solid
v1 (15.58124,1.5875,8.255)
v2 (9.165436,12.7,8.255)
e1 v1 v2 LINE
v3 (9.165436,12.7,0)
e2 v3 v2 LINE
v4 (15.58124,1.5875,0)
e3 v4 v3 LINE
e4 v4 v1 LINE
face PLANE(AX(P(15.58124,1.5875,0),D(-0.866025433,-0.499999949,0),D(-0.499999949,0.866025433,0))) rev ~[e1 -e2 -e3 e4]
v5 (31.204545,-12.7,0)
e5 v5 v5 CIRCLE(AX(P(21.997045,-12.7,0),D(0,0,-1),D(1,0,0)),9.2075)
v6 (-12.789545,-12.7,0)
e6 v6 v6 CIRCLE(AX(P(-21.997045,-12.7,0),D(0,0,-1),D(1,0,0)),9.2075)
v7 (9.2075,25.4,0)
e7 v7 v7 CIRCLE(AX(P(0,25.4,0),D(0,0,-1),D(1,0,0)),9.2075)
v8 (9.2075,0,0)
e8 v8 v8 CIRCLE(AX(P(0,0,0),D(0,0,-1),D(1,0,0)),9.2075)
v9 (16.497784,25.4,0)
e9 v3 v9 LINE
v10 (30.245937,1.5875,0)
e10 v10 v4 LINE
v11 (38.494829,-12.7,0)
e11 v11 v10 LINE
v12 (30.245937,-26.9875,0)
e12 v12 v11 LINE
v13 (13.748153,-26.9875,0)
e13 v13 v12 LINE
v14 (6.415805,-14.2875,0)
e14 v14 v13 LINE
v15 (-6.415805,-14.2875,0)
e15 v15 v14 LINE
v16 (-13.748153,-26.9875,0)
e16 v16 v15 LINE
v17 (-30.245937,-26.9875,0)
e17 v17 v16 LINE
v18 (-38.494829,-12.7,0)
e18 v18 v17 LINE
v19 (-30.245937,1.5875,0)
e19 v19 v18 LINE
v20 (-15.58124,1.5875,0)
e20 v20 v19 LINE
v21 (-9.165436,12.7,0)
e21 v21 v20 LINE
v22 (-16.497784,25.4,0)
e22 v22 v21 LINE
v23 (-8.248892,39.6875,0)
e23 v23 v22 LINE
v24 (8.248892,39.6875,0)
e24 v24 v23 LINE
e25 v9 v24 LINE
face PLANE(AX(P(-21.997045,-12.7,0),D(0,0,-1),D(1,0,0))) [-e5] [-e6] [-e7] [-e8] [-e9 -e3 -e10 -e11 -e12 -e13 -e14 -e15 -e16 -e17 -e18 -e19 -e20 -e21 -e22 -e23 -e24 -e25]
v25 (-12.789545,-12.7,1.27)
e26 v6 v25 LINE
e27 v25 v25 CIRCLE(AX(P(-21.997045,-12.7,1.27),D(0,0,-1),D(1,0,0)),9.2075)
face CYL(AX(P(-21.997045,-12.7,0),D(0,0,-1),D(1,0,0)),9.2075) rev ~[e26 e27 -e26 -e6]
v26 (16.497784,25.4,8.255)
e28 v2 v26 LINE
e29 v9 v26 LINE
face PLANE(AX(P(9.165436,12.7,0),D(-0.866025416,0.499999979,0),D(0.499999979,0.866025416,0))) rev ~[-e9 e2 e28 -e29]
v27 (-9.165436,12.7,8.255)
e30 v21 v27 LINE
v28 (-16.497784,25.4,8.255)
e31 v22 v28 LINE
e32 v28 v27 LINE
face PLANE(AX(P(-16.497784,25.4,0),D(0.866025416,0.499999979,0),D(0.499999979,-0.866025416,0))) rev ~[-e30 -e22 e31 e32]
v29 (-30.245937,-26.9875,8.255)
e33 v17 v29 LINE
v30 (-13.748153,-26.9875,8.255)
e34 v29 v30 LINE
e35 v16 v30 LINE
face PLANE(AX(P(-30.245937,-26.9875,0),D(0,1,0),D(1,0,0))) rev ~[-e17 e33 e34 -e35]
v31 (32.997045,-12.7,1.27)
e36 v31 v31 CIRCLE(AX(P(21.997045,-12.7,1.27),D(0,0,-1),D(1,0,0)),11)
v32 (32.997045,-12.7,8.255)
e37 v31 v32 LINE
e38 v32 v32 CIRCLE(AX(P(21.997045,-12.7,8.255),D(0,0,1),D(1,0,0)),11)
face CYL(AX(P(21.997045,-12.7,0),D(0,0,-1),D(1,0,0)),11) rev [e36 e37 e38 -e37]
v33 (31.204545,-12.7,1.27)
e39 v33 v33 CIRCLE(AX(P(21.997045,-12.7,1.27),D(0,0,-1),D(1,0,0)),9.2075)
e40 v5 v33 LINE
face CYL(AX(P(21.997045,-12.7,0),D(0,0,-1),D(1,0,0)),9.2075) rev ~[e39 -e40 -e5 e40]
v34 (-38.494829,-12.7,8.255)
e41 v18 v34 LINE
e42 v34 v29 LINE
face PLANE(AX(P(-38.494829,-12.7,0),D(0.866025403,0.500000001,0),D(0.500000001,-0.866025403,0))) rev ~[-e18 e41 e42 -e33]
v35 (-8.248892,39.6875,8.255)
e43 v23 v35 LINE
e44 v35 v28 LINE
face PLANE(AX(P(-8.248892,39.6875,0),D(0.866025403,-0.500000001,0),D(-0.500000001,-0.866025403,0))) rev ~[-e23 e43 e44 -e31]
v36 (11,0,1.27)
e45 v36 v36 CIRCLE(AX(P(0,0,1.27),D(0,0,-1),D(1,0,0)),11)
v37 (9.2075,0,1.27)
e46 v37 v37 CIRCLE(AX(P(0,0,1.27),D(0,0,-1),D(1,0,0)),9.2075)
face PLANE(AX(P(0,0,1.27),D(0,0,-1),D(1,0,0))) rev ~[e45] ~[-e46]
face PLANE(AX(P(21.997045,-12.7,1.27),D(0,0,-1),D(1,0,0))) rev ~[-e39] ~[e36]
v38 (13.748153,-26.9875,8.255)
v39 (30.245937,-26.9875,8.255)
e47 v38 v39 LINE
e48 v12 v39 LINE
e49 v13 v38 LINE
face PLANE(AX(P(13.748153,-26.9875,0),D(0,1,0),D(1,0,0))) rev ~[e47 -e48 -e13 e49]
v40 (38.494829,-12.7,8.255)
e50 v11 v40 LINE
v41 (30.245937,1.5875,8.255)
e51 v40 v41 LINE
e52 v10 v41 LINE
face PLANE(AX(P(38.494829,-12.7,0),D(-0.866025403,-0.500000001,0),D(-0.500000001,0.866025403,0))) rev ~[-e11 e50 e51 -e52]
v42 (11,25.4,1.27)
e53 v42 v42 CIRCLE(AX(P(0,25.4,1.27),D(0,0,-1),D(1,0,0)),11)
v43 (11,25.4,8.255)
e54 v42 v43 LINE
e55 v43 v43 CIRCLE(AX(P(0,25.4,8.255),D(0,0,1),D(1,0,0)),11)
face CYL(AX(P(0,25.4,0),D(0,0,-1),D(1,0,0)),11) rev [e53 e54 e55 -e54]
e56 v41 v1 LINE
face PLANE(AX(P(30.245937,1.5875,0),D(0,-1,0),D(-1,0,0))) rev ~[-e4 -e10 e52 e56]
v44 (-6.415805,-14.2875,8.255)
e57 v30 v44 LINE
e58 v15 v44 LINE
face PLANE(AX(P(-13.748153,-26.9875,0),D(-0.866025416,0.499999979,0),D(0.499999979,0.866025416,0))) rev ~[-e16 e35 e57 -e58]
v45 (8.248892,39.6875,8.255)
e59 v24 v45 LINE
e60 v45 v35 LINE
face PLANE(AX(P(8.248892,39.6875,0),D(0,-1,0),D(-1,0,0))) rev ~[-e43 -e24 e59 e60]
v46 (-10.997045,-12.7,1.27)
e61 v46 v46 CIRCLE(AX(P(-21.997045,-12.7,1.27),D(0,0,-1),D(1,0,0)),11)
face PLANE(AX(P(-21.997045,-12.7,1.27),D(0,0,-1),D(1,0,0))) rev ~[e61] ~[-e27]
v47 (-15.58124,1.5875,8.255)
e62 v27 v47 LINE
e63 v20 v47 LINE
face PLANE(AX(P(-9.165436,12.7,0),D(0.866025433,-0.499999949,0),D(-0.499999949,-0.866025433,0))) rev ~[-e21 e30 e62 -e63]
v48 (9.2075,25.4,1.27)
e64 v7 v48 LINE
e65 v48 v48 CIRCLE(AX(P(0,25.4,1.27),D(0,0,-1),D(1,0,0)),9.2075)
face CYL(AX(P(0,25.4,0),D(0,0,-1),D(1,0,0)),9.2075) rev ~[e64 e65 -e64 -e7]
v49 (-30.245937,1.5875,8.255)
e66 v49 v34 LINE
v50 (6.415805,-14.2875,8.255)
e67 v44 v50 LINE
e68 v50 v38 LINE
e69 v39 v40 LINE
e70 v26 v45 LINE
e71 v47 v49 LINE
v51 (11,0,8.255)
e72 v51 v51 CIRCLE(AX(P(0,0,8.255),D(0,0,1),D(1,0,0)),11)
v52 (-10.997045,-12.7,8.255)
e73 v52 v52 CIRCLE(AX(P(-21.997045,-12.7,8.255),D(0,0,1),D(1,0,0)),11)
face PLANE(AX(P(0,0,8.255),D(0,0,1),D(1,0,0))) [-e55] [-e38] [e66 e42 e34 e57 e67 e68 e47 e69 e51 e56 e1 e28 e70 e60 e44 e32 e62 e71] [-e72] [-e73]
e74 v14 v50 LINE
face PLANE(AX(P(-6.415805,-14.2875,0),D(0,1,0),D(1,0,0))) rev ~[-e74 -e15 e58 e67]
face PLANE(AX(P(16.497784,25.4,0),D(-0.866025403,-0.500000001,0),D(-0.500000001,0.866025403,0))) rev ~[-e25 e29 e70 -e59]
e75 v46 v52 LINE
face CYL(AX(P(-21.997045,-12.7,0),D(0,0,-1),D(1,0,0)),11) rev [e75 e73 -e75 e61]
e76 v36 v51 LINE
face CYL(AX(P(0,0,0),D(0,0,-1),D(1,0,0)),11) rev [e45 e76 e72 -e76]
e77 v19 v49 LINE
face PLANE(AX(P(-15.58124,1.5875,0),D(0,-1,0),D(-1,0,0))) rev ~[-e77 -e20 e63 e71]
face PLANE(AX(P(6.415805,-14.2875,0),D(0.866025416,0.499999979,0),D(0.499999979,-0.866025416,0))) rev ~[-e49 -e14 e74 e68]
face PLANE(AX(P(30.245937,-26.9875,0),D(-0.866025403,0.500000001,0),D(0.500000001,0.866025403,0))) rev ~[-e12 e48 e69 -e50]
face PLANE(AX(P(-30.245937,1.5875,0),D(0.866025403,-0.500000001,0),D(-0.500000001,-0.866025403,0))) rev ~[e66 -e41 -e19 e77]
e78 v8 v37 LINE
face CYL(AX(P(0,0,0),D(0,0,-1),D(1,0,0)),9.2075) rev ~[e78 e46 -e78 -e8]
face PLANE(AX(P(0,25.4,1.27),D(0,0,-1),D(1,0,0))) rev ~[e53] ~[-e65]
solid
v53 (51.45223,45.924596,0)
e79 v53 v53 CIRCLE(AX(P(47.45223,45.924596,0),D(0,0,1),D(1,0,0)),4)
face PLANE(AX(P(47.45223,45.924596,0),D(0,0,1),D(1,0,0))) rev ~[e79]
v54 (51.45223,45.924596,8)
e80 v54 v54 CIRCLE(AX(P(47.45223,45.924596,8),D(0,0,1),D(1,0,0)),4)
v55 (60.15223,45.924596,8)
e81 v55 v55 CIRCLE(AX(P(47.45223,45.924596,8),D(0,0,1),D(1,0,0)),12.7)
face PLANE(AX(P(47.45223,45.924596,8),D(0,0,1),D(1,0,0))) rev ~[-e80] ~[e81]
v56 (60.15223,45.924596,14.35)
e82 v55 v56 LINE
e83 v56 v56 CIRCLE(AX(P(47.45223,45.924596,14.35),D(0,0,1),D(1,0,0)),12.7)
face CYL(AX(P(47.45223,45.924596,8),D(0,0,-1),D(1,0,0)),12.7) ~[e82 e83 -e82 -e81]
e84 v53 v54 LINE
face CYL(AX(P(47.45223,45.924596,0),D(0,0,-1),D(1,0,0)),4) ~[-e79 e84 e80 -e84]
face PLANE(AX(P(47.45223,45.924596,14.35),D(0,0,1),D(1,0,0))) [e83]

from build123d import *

# Parameters (mm, degrees)
F0_R     = 11
F1_DEPTH = 8.255
F2_R     = 4
F3_DEPTH = 8
F4_R     = 12.7
F5_DEPTH = 6.35
F6_R     = 11
F6_R_2   = 9.2075
F7_DEPTH = 1.27


with BuildPart() as f1:
    # F0 (on Top) → F1 (new body)
    with BuildSketch(Plane.XY):
        Polygon((8.248892, 39.6875), (-8.248892, 39.6875), (-16.497784, 25.4), (-9.165436, 12.7), (-15.58124, 1.5875), (-30.245937, 1.5875), (-38.494829, -12.7), (-30.245937, -26.9875), (-13.748153, -26.9875), (-6.415805, -14.2875), (6.415805, -14.2875), (13.748153, -26.9875), (30.245937, -26.9875), (38.494829, -12.7), (30.245937, 1.5875), (15.58124, 1.5875), (9.165436, 12.7), (16.497784, 25.4), align=None)
        with Locations((-21.997045, -12.7)):
            Circle(F0_R, mode=Mode.SUBTRACT)
        Circle(F0_R, mode=Mode.SUBTRACT)
        with Locations((21.997045, -12.7)):
            Circle(F0_R, mode=Mode.SUBTRACT)
        with Locations((0, 25.4)):
            Circle(F0_R, mode=Mode.SUBTRACT)
    extrude(amount=F1_DEPTH)

    # F6 (on face) → F7 (join)
    with BuildSketch(Plane(origin=(0, 0, 0), x_dir=(1, 0, 0), z_dir=(0, 0, -1))):
        with Locations((-21.997045, 12.7)):
            Circle(F6_R)
        with Locations((-21.997045, 12.7)):
            Circle(F6_R_2, mode=Mode.SUBTRACT)
        with Locations((21.997045, 12.7)):
            Circle(F6_R)
        with Locations((21.997045, 12.7)):
            Circle(F6_R_2, mode=Mode.SUBTRACT)
        Circle(F6_R)
        Circle(F6_R_2, mode=Mode.SUBTRACT)
        with Locations((0, -25.4)):
            Circle(F6_R)
        with Locations((0, -25.4)):
            Circle(F6_R_2, mode=Mode.SUBTRACT)
    extrude(amount=-F7_DEPTH)


with BuildPart() as f3:
    # F2 (on Top) → F3 (new body)
    with BuildSketch(Plane.XY):
        with Locations((47.45223, 45.924596)):
            Circle(F2_R)
    extrude(amount=F3_DEPTH)

    # F4 (on face) → F5 (join)
    with BuildSketch(Plane.XY.offset(8)):
        with Locations((47.45223, 45.924596)):
            Circle(F4_R)
    extrude(amount=F5_DEPTH)


solid = Compound([f1.part, f3.part])
